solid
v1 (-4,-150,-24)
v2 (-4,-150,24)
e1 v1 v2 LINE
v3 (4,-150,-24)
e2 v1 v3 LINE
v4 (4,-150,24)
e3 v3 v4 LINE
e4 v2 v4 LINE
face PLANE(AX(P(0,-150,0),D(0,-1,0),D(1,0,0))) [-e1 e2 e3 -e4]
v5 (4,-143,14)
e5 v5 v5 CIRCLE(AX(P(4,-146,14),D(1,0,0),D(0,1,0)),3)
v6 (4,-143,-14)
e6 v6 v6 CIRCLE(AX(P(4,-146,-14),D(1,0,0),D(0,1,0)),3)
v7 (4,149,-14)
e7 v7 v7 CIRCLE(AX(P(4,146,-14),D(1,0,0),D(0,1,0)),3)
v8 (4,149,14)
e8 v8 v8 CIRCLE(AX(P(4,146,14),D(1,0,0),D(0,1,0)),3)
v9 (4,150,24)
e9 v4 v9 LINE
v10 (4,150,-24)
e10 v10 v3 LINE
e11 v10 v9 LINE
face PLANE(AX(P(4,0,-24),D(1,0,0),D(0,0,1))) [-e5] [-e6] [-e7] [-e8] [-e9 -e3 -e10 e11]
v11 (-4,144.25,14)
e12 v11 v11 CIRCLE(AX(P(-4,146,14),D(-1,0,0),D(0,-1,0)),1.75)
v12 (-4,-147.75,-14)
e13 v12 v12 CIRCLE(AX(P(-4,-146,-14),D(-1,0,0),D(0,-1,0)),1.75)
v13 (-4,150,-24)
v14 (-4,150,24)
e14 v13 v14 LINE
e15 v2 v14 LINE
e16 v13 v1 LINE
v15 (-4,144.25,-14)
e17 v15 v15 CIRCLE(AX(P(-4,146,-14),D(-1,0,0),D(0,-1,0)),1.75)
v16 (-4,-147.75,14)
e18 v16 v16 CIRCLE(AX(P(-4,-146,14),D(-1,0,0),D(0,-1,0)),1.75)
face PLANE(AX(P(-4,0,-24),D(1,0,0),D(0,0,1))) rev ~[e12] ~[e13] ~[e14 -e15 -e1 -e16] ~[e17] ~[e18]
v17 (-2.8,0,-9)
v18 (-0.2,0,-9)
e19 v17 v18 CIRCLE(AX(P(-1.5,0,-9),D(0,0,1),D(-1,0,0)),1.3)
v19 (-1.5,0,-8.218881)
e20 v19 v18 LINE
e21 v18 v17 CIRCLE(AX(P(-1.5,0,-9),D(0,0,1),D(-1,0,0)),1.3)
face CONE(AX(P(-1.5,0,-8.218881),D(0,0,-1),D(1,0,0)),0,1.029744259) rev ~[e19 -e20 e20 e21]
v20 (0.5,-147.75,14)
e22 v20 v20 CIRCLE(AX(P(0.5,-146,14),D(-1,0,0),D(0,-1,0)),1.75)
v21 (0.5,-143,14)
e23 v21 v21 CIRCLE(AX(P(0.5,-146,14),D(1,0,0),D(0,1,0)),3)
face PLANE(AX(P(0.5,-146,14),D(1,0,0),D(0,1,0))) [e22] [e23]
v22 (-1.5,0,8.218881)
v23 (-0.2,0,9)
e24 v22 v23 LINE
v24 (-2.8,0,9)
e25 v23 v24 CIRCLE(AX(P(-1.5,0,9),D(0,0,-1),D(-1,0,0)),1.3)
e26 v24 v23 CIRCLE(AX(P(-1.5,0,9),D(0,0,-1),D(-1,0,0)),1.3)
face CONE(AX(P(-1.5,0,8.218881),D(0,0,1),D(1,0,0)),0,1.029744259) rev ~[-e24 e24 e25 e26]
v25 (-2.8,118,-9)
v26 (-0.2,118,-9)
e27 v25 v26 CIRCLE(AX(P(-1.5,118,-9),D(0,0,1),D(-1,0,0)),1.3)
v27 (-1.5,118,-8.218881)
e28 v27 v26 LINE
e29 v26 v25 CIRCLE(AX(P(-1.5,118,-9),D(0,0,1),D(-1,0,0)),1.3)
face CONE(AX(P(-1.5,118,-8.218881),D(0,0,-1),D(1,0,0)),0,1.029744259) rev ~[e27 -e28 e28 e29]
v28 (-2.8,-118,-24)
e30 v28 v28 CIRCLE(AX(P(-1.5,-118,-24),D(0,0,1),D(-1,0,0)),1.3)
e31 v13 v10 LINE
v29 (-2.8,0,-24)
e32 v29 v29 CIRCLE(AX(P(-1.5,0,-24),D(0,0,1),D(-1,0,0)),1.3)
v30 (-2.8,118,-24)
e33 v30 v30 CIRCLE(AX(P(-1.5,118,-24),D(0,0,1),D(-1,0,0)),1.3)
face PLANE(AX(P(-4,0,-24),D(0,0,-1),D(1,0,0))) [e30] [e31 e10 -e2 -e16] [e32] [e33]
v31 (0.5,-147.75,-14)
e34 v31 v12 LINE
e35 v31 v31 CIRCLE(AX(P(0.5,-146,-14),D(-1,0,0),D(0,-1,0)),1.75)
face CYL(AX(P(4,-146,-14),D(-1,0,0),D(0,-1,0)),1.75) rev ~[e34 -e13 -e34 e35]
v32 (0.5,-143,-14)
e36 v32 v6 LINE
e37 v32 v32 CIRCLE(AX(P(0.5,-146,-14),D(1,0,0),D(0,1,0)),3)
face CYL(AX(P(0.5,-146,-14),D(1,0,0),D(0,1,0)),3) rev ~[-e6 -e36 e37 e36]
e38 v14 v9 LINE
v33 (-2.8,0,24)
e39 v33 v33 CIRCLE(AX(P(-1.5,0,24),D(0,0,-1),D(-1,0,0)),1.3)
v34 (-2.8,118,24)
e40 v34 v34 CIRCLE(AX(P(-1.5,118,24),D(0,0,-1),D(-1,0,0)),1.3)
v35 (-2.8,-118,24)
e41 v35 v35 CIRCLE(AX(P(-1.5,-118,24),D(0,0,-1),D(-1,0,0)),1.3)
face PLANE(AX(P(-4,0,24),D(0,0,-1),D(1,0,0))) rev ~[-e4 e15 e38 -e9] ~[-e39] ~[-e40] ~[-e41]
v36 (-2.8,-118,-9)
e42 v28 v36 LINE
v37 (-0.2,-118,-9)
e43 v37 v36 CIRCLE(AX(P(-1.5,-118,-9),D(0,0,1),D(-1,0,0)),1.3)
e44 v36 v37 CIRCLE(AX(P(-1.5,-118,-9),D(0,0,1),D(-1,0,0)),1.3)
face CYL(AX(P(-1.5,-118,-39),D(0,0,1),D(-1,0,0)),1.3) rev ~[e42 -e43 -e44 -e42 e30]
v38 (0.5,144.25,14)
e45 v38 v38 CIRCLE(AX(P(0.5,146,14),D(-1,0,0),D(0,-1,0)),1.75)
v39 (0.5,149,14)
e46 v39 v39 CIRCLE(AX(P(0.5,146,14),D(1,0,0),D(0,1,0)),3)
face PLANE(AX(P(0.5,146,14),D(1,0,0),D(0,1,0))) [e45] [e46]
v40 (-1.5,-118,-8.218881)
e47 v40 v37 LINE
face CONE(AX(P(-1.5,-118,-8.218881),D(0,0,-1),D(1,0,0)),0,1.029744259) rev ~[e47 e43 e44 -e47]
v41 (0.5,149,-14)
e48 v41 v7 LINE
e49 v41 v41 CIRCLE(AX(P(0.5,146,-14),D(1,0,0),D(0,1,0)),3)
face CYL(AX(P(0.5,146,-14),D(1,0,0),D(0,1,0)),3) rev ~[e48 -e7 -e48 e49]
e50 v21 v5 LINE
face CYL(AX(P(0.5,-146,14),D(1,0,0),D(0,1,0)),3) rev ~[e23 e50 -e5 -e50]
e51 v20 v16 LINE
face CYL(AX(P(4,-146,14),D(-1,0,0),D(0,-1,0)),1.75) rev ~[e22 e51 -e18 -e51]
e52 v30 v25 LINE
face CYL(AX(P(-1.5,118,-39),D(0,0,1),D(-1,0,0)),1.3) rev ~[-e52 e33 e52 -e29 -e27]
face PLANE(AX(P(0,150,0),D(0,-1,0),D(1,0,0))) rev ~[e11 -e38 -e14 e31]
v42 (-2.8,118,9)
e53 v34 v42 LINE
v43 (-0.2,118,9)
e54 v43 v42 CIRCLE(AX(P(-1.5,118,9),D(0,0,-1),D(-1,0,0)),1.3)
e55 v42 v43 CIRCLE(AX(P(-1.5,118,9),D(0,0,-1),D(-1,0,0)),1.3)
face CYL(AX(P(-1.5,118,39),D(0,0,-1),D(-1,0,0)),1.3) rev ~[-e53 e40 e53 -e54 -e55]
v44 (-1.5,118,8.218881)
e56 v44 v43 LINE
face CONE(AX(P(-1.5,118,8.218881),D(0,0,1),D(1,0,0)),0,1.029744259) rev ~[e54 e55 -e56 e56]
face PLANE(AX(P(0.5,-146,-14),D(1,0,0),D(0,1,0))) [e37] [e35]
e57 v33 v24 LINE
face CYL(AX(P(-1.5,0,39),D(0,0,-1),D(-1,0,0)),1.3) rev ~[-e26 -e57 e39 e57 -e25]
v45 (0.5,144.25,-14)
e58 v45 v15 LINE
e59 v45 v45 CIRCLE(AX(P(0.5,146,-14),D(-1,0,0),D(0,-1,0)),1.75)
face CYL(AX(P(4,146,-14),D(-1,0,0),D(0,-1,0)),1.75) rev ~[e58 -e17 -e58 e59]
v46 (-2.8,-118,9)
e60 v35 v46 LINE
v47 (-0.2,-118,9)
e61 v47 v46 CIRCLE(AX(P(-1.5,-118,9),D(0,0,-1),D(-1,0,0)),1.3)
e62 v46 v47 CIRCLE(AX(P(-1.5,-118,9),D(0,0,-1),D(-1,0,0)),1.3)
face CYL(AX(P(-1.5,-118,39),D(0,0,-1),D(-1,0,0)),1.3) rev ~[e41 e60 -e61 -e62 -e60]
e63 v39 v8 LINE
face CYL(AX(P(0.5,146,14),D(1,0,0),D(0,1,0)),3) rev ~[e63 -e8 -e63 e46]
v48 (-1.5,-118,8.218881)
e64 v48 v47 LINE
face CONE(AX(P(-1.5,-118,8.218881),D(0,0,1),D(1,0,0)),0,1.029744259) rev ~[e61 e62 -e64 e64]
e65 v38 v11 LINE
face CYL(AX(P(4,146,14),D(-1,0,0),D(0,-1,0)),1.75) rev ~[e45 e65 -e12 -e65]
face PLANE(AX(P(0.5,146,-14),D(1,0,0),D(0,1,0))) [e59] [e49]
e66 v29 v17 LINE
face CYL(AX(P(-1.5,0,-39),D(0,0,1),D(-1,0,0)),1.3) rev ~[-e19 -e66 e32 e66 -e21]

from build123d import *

# Parameters (mm, degrees)
F0_W           = 8
F0_H           = 48
F1_DEPTH       = 150
F5_D           = 2.6
F5_DEPTH       = 15
F5_TIP         = 0.7811188047
F5_ON_F4_D     = 2.6
F5_ON_F4_DEPTH = 15
F5_ON_F4_TIP   = 0.7811188047
F6_D           = 3.5
F6_CBORE_D     = 6
F6_CBORE_DEPTH = 3.5


with BuildPart() as f1:
    # F0 (on Front) → F1 (new body, symmetric)
    with BuildSketch(Plane.XZ):
        Rectangle(F0_W, F0_H)
    extrude(amount=F1_DEPTH, both=True)

    # F5
    with Locations(Plane.XY.offset(24)):
        with Locations((-1.5, -118), (-1.5, 0), (-1.5, 118)):
            Hole(F5_D / 2, depth=F5_DEPTH)
            with Locations((0, 0, -(F5_DEPTH + F5_TIP / 2))):  # 118° drill point
                Cone(0, F5_D / 2, F5_TIP, mode=Mode.SUBTRACT)

    # F5 on F4
    with Locations(Plane(origin=(0, 0, -24), x_dir=(1, 0, 0), z_dir=(0, 0, -1))):
        with Locations((-1.5, 118), (-1.5, 0), (-1.5, -118)):
            Hole(F5_ON_F4_D / 2, depth=F5_ON_F4_DEPTH)
            with Locations((0, 0, -(F5_ON_F4_DEPTH + F5_ON_F4_TIP / 2))):  # 118° drill point
                Cone(0, F5_ON_F4_D / 2, F5_ON_F4_TIP, mode=Mode.SUBTRACT)

    # F6 (through all)
    with Locations(Plane.YZ.offset(4)):
        with Locations((-146, 14), (-146, -14), (146, 14), (146, -14)):
            CounterBoreHole(F6_D / 2, F6_CBORE_D / 2, F6_CBORE_DEPTH)


solid = f1.part
